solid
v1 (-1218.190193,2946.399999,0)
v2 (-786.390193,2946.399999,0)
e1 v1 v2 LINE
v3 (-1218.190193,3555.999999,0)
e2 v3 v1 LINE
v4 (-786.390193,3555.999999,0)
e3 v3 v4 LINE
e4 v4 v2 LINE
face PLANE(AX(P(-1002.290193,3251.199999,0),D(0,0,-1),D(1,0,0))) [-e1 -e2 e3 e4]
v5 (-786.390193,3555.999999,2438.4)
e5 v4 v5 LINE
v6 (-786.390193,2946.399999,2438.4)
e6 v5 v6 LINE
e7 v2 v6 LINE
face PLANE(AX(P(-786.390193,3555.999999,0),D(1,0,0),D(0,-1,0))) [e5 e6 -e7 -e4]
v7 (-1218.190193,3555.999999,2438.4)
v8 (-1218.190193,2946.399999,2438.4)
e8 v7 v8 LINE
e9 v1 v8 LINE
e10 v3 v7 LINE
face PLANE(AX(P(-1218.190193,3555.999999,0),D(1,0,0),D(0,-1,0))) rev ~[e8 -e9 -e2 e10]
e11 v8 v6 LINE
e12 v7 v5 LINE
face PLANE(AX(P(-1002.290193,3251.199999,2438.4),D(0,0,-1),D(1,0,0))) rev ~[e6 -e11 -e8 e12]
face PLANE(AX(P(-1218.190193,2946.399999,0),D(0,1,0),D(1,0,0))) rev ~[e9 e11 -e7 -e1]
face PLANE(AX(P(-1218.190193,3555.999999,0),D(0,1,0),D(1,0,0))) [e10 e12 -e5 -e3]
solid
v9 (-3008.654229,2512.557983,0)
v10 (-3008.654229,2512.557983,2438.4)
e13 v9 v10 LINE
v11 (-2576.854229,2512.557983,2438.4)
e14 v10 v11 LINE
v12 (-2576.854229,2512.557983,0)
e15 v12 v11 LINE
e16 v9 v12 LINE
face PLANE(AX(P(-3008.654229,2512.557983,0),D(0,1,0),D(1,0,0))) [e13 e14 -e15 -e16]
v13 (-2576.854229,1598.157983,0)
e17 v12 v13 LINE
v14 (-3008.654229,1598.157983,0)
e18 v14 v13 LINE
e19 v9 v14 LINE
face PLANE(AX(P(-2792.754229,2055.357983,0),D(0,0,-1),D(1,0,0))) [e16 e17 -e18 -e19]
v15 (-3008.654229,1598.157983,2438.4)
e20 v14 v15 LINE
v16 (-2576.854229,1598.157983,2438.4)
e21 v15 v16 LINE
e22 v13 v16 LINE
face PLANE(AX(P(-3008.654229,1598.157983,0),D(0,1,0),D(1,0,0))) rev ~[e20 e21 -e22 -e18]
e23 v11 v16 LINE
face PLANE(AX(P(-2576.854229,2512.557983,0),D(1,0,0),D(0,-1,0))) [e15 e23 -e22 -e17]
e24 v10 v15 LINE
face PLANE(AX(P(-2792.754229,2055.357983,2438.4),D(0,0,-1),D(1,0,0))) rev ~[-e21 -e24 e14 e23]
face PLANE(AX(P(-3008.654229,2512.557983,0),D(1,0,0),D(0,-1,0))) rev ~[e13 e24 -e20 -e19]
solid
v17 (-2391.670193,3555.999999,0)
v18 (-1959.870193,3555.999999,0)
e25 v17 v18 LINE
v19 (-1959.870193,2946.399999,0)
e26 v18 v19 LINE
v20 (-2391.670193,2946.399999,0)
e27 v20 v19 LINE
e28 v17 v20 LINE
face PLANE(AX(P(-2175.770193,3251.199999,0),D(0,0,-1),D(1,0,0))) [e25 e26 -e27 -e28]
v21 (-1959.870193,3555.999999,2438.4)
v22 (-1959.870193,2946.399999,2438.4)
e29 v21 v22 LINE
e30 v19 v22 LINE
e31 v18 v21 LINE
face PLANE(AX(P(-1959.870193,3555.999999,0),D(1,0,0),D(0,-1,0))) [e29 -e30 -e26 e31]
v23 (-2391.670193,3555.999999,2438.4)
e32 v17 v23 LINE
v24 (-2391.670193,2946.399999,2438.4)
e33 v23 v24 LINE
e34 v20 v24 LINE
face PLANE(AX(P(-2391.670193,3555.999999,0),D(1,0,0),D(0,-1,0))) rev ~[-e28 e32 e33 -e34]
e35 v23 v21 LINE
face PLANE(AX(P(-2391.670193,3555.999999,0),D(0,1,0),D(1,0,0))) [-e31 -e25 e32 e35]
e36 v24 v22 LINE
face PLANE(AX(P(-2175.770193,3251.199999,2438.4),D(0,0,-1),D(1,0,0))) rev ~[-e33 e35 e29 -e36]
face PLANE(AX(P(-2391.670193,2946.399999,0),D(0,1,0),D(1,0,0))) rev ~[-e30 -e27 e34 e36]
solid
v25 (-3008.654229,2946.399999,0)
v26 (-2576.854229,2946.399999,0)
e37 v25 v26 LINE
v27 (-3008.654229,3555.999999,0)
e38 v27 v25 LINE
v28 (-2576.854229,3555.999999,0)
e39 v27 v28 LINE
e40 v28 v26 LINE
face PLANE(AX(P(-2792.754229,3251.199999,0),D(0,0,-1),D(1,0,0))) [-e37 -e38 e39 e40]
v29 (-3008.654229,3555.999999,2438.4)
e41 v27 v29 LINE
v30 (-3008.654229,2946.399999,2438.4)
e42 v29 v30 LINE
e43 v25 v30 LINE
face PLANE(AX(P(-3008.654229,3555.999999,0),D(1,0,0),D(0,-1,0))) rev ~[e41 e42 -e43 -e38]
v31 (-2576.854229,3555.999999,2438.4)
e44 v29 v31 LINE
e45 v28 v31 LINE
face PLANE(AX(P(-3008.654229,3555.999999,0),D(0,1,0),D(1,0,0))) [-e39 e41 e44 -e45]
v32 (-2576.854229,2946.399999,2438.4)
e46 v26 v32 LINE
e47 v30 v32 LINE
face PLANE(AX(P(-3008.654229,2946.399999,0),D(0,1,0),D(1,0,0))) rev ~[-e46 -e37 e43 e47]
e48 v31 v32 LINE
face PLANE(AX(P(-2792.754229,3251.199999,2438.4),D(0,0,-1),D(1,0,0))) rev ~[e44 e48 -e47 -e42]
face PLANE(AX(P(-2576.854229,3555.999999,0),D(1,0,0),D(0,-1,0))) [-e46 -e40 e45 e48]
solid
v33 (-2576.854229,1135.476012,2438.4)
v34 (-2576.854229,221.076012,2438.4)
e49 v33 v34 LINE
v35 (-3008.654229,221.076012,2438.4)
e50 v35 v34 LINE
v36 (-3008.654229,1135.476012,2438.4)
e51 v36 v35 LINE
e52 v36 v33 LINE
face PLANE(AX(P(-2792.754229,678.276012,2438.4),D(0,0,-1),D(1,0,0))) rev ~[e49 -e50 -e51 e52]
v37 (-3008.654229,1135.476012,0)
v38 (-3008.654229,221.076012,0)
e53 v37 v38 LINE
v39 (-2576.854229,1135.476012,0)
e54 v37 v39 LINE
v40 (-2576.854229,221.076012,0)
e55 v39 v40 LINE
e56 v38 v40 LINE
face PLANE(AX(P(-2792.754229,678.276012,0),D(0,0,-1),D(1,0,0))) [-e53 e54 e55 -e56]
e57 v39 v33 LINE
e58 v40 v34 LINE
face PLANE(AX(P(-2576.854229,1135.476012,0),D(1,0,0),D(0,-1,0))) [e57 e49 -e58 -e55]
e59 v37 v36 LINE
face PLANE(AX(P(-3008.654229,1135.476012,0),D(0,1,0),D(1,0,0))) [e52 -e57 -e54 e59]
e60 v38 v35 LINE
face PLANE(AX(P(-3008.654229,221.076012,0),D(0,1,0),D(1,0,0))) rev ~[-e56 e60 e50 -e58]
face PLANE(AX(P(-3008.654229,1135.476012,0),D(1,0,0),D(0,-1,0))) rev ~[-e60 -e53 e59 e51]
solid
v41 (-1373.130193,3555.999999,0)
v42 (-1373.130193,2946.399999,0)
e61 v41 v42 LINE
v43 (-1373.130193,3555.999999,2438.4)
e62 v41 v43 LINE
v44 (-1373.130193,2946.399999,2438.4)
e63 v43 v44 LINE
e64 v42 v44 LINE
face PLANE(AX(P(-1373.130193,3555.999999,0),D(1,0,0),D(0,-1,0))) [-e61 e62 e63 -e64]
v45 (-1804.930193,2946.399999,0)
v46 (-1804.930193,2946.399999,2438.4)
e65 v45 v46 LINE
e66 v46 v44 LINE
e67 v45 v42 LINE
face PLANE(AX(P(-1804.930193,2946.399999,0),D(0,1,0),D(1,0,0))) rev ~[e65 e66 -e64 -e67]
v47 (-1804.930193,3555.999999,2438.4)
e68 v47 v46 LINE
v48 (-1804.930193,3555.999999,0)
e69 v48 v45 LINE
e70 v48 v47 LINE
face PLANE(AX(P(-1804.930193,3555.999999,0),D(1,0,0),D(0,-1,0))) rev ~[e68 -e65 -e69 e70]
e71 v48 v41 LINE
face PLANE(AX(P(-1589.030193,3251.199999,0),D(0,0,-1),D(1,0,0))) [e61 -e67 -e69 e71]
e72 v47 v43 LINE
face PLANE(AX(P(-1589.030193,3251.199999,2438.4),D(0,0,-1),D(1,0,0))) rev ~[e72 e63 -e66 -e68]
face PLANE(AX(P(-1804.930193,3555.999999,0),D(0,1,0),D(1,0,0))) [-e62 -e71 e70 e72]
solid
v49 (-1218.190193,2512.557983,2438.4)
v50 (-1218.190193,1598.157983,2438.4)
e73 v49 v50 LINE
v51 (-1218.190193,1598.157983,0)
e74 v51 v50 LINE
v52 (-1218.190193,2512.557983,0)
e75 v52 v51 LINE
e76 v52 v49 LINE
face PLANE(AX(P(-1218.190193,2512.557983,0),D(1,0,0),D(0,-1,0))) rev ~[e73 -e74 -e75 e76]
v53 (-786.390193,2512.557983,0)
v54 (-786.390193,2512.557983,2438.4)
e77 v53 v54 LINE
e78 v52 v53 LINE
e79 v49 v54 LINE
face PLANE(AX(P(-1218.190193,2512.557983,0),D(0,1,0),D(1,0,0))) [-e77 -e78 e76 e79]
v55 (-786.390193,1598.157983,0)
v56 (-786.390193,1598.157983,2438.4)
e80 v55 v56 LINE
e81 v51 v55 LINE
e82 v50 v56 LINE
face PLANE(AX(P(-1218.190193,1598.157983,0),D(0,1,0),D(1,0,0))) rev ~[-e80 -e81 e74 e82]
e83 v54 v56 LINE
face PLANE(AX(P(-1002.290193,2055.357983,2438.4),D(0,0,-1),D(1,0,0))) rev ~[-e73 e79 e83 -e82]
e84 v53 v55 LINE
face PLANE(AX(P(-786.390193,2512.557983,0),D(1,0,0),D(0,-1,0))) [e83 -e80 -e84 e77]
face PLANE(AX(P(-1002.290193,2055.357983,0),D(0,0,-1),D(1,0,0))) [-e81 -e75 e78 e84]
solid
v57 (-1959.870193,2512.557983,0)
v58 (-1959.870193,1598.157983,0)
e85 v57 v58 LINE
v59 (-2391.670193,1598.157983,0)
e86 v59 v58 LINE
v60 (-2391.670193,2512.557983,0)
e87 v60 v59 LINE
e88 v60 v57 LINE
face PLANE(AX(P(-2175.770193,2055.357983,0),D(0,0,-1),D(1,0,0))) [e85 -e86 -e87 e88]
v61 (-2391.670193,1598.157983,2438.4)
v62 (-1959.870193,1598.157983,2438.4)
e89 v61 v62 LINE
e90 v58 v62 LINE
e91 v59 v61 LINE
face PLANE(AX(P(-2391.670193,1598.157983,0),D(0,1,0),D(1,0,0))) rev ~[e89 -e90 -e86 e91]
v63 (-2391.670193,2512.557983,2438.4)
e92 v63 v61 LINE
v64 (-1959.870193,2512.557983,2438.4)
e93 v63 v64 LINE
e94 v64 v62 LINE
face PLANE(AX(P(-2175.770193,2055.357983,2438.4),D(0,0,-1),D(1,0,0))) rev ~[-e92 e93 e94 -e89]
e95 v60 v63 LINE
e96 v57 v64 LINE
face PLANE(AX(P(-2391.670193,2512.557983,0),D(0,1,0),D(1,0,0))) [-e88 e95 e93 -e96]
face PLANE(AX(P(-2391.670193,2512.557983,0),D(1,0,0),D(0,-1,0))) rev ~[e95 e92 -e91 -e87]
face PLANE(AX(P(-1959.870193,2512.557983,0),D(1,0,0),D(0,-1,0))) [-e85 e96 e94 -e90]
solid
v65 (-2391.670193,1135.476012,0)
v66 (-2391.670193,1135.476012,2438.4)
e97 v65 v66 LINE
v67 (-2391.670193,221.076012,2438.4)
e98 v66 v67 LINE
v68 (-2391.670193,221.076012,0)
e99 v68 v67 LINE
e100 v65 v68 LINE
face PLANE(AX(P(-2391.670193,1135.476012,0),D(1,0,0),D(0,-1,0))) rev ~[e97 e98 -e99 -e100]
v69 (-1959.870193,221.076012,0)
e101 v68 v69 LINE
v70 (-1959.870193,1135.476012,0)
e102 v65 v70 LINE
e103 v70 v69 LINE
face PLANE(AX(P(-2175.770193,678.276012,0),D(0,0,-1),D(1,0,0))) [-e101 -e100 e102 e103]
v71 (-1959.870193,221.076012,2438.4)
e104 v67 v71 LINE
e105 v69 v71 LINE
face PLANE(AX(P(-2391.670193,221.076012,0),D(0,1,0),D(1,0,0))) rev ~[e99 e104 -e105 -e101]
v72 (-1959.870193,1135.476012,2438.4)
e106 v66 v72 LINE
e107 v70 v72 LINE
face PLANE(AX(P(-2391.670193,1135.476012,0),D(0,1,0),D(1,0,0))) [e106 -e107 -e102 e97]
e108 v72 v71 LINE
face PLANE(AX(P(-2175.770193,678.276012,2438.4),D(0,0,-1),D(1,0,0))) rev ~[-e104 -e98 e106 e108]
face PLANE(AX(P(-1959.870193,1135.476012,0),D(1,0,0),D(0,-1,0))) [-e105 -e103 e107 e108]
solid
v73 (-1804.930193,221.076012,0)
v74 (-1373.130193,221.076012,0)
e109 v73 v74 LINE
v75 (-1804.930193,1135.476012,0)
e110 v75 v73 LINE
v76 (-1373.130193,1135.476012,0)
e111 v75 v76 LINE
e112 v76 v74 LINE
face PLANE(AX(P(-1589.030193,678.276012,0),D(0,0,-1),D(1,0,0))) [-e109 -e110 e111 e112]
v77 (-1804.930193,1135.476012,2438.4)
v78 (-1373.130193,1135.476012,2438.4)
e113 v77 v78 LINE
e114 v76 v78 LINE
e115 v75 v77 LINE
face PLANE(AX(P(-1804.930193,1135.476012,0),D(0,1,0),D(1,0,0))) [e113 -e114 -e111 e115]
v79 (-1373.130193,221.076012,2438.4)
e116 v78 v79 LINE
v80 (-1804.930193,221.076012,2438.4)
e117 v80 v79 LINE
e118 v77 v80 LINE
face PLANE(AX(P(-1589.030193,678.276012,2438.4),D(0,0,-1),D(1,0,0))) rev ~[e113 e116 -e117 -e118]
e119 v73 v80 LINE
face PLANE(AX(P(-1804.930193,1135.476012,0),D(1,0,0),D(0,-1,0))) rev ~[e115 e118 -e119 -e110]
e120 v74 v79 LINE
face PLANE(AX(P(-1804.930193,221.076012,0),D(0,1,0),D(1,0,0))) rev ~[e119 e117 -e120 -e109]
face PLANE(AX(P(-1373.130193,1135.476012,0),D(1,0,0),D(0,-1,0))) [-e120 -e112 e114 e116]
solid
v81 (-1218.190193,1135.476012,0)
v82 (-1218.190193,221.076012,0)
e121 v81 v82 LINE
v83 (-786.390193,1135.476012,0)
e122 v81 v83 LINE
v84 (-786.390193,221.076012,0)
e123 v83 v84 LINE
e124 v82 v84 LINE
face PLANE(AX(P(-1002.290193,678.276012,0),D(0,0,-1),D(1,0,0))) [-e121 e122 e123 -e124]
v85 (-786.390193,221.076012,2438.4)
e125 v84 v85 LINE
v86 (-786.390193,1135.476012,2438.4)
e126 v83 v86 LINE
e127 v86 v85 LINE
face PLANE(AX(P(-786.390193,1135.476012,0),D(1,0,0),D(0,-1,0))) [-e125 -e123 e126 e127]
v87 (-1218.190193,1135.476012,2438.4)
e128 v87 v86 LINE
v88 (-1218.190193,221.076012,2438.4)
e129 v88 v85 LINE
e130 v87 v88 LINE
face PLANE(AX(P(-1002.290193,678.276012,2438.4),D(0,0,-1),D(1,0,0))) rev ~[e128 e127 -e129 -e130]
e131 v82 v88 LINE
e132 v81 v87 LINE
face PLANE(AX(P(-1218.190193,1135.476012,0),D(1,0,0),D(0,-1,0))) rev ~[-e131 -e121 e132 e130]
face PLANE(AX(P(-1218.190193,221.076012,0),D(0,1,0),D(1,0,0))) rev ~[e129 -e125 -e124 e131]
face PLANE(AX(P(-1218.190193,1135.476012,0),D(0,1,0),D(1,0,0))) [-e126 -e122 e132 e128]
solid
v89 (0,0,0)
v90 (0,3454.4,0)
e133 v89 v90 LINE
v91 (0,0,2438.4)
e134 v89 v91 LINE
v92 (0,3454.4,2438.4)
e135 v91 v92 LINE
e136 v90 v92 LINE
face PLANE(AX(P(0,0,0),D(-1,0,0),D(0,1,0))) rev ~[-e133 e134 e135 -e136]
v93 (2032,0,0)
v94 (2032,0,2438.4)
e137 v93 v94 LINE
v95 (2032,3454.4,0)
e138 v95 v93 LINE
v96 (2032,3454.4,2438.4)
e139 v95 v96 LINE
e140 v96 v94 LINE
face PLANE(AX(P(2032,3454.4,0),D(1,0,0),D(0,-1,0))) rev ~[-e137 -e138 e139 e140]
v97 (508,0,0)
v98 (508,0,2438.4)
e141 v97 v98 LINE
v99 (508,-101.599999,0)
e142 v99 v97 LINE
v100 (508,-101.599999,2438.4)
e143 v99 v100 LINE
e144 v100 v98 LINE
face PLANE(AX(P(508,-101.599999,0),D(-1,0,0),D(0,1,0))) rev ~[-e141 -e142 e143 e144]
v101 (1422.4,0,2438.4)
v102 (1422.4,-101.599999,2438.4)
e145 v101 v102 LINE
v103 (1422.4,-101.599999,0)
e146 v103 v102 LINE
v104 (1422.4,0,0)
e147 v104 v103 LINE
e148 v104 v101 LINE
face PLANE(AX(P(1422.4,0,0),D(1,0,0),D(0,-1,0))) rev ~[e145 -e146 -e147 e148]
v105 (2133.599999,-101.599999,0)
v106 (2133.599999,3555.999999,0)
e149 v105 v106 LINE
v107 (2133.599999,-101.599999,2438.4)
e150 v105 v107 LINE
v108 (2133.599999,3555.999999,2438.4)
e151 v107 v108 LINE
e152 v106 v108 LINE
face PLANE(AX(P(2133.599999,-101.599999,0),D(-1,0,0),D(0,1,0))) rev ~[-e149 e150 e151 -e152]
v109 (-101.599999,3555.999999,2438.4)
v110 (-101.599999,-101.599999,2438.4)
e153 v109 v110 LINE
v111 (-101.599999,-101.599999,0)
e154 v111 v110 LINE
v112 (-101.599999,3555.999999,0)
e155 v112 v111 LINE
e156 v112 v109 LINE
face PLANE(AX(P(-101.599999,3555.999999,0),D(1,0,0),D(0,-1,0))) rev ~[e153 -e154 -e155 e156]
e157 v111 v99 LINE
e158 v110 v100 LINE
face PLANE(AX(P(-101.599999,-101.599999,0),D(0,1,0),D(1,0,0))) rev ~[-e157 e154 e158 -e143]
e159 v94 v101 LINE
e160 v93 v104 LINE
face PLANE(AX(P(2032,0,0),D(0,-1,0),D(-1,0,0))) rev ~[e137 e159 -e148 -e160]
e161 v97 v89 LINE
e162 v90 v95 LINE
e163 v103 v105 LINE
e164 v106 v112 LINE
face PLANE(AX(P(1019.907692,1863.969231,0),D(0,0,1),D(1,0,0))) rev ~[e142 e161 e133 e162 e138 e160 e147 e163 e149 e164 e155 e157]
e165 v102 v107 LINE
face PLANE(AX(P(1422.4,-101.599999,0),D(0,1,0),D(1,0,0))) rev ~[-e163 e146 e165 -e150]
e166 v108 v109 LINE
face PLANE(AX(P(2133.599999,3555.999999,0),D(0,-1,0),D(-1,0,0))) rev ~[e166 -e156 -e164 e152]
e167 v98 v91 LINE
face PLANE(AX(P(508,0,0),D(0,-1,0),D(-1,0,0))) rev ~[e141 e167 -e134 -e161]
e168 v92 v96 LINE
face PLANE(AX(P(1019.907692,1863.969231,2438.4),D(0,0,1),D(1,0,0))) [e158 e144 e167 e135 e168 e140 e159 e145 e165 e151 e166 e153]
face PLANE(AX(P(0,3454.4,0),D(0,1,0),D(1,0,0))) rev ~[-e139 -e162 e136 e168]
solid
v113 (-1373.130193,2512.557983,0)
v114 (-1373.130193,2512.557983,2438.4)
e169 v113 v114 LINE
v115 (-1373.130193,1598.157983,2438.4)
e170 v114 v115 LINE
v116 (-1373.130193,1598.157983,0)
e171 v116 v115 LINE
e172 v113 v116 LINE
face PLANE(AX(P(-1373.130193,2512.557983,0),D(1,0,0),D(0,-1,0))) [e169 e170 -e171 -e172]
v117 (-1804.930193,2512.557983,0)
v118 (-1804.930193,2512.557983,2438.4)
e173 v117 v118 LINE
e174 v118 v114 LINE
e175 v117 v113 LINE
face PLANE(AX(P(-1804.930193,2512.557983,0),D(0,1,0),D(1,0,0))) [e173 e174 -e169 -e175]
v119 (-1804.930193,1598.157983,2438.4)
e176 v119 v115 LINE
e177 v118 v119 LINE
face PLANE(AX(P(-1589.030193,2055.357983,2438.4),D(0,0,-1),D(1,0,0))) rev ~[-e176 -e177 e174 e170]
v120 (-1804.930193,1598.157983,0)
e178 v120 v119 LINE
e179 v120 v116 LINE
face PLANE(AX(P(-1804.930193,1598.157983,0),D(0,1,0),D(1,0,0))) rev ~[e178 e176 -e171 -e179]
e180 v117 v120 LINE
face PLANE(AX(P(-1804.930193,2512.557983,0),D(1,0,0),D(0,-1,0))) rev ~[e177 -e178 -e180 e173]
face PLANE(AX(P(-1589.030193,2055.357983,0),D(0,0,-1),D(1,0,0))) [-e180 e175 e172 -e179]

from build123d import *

# Parameters (mm, degrees)
F1_DEPTH = 2438.4
F2_W     = 431.8
F2_H     = 609.6
F2_H_2   = 914.4
F3_DEPTH = 2438.4


with BuildPart() as f1:
    # F0 (on Top) → F1 (new body)
    with BuildSketch(Plane.XY):
        Polygon((508, 0), (0, 0), (0, 3454.4), (2032, 3454.4), (2032, 0), (1422.4, 0), (1422.4, -101.599999), (2133.599999, -101.599999), (2133.599999, 3555.999999), (-101.599999, 3555.999999), (-101.599999, -101.599999), (508, -101.599999), align=None)
    extrude(amount=F1_DEPTH)


with BuildPart() as f3:
    # F2 (on face) → F3 (new body)
    with BuildSketch(Plane(origin=(0, 0, 0), x_dir=(1, 0, 0), z_dir=(0, 0, -1))):
        with Locations((-1002.290193, -3251.199999)):
            Rectangle(F2_W, F2_H)
        with Locations((-1002.290193, -2055.357983)):
            Rectangle(F2_W, F2_H_2)
        with Locations((-1002.290193, -678.276012)):
            Rectangle(F2_W, F2_H_2)
        with Locations((-2792.754229, -2055.357983)):
            Rectangle(F2_W, F2_H_2)
        with Locations((-2792.754229, -678.276012)):
            Rectangle(F2_W, F2_H_2)
        with Locations((-2792.754229, -3251.199999)):
            Rectangle(F2_W, F2_H)
        with Locations((-1589.030193, -2055.357983)):
            Rectangle(F2_W, F2_H_2)
        with Locations((-1589.030193, -678.276012)):
            Rectangle(F2_W, F2_H_2)
        with Locations((-1589.030193, -3251.199999)):
            Rectangle(F2_W, F2_H)
        with Locations((-2175.770193, -2055.357983)):
            Rectangle(F2_W, F2_H_2)
        with Locations((-2175.770193, -678.276012)):
            Rectangle(F2_W, F2_H_2)
        with Locations((-2175.770193, -3251.199999)):
            Rectangle(F2_W, F2_H)
    extrude(amount=-F3_DEPTH)


solid = Compound([f1.part, f3.part])
